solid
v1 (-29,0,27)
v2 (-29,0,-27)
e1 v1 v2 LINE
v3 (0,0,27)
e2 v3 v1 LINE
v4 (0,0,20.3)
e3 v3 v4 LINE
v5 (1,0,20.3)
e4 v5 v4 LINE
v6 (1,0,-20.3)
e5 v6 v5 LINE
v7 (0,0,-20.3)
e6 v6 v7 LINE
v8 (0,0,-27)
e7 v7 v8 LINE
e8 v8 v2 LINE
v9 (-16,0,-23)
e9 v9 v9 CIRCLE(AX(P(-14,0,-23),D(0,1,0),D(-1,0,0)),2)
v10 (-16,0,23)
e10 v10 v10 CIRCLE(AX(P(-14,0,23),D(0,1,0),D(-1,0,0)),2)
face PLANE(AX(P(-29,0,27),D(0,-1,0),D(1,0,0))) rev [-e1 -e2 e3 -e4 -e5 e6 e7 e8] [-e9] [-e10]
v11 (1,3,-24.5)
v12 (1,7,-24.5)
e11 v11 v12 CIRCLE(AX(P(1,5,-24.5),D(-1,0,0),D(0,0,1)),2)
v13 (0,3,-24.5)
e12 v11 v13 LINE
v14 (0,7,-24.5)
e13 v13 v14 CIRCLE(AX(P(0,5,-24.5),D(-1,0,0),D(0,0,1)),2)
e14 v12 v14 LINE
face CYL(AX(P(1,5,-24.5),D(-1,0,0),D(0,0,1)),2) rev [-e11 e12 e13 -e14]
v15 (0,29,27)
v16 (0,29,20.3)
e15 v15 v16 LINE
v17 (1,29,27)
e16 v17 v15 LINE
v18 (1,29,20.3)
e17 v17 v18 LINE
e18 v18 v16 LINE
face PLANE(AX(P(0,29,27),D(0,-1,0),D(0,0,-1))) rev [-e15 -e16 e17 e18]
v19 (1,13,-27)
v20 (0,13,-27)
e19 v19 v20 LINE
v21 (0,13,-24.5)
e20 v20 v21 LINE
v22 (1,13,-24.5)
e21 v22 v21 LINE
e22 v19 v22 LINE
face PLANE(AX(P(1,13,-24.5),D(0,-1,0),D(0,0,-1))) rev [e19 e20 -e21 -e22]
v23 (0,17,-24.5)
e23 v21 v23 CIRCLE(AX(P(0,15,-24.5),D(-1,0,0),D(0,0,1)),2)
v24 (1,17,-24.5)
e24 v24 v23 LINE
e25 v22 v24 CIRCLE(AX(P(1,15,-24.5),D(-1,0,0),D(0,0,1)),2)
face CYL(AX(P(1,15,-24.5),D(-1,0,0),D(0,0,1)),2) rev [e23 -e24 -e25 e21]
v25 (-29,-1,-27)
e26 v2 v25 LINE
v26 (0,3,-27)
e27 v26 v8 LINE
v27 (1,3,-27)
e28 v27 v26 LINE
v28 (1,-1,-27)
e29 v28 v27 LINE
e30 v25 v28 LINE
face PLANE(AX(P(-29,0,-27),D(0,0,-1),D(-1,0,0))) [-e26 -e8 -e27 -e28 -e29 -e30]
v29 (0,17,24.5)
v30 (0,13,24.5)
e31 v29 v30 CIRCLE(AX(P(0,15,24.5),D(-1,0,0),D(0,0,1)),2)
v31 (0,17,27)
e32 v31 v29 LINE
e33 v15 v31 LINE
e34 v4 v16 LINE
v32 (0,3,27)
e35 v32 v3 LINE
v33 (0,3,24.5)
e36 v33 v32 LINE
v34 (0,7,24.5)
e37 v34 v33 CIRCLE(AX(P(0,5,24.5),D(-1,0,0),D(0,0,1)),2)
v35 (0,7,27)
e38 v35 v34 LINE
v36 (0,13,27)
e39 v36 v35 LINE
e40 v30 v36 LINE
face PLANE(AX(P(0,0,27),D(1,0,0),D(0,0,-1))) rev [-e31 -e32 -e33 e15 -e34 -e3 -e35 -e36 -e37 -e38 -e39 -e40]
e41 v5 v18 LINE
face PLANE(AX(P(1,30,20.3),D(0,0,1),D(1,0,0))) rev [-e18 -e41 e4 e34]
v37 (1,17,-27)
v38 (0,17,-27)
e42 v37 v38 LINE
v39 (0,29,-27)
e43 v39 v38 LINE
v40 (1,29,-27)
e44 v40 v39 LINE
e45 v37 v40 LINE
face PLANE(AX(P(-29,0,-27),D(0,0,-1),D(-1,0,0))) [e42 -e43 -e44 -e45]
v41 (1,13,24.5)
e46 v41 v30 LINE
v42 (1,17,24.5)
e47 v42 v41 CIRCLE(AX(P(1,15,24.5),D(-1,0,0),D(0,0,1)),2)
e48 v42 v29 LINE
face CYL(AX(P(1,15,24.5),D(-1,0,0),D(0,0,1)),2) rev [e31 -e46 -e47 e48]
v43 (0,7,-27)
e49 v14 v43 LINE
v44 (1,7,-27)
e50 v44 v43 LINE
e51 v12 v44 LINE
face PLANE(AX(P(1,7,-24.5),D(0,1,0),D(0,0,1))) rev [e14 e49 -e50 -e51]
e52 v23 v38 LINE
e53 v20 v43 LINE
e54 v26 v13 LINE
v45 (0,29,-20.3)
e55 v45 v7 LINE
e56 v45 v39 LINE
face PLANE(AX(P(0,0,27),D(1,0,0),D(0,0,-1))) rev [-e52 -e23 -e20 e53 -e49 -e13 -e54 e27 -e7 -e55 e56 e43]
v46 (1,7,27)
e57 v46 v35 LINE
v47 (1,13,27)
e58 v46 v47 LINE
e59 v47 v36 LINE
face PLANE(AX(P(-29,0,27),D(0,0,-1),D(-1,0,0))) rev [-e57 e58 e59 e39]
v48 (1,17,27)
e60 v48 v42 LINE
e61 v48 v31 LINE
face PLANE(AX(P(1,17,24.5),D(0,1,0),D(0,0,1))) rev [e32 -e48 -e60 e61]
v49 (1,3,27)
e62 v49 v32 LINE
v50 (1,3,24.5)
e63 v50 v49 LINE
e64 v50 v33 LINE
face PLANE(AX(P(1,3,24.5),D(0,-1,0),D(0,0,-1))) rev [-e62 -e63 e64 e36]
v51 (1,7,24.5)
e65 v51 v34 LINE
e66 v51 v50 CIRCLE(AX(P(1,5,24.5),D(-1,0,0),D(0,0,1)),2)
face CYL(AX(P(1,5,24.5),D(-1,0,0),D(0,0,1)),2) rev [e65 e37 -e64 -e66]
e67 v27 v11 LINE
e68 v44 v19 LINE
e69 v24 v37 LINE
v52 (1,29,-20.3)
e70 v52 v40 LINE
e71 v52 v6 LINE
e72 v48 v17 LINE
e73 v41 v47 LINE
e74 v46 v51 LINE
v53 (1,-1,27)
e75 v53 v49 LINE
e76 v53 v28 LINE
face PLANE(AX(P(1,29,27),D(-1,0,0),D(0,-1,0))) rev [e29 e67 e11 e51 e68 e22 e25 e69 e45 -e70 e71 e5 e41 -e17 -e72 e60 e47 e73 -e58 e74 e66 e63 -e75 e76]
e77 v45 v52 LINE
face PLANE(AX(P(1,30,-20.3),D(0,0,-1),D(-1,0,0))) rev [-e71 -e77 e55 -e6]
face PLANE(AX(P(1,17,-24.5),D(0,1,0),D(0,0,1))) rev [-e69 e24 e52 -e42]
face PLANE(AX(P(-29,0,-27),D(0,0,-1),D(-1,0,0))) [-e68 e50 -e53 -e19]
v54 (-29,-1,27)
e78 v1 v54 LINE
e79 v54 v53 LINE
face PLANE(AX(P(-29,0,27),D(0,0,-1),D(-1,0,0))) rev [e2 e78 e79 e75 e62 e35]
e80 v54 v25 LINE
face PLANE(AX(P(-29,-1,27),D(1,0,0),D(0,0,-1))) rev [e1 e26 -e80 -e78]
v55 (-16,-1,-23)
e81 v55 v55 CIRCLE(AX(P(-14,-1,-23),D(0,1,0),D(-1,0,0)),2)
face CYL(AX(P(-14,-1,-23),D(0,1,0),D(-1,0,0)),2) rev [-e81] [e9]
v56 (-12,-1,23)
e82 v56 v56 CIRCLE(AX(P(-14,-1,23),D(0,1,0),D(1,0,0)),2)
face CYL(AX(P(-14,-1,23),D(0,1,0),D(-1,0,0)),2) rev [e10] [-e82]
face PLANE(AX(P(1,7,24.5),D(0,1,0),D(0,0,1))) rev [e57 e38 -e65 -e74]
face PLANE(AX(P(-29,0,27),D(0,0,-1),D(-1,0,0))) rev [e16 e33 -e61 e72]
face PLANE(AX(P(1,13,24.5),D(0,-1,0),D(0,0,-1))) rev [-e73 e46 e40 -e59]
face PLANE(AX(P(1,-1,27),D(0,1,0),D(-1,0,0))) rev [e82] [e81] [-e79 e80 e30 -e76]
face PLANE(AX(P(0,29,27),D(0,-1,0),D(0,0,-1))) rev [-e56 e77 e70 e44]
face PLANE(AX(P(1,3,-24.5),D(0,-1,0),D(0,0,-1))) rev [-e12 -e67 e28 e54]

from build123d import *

# Parameters (mm, degrees)
BOSS_EXTRUDE1_DEPTH = 27
SKETCH2_W           = 40.6
SKETCH2_H           = 30
CUT_EXTRUDE1_DEPTH  = 50.101934789
CUT_EXTRUDE2_DEPTH  = 50.101934789


with BuildPart() as part:
    # Sketch1 → Boss-Extrude1 (new, symmetric)
    with BuildSketch(Plane.XY):
        Polygon((-29, 0), (0, 0), (0, 29), (1, 29), (1, -1), (-29, -1), align=None)
    extrude(amount=BOSS_EXTRUDE1_DEPTH, both=True)

    # Sketch2 → Cut-Extrude1 (cut, through all)
    with BuildSketch(Plane.ZY):
        with BuildLine():
            Line((-24.5, 17), (-27, 17))
            Line((-27, 17), (-27, 13))
            Line((-27, 13), (-24.5, 13))
            ThreePointArc((-24.5, 13), (-22.5, 15), (-24.5, 17))
        make_face()
        with Locations((0, 15)):
            Rectangle(SKETCH2_W, SKETCH2_H)
        with BuildLine():
            Line((-24.5, 3), (-27, 3))
            Line((-27, 3), (-27, 7))
            Line((-27, 7), (-24.5, 7))
            ThreePointArc((-24.5, 7), (-22.5, 5), (-24.5, 3))
        make_face()
        with BuildLine():
            Line((24.5, 7), (27, 7))
            Line((27, 7), (27, 3))
            Line((27, 3), (24.5, 3))
            ThreePointArc((24.5, 3), (22.5, 5), (24.5, 7))
        make_face()
        with BuildLine():
            Line((24.5, 13), (27, 13))
            Line((27, 13), (27, 17))
            Line((27, 17), (24.5, 17))
            ThreePointArc((24.5, 17), (22.5, 15), (24.5, 13))
        make_face()
    extrude(amount=-CUT_EXTRUDE1_DEPTH, mode=Mode.SUBTRACT)

    # Sketch3 → Cut-Extrude2 (cut, through all)
    with BuildSketch(Plane(origin=(0, 0, 0), x_dir=(1, 0, 0), z_dir=(0, 1, 0))):
        with BuildLine():
            ThreePointArc((-16, 23), (-14, 21), (-12, 23))
            ThreePointArc((-12, 23), (-14, 25), (-16, 23))
        make_face()
        with BuildLine():
            ThreePointArc((-12, -23), (-14, -21), (-16, -23))
            ThreePointArc((-16, -23), (-14, -25), (-12, -23))
        make_face()
    extrude(amount=-CUT_EXTRUDE2_DEPTH, mode=Mode.SUBTRACT)


solid = part.part
